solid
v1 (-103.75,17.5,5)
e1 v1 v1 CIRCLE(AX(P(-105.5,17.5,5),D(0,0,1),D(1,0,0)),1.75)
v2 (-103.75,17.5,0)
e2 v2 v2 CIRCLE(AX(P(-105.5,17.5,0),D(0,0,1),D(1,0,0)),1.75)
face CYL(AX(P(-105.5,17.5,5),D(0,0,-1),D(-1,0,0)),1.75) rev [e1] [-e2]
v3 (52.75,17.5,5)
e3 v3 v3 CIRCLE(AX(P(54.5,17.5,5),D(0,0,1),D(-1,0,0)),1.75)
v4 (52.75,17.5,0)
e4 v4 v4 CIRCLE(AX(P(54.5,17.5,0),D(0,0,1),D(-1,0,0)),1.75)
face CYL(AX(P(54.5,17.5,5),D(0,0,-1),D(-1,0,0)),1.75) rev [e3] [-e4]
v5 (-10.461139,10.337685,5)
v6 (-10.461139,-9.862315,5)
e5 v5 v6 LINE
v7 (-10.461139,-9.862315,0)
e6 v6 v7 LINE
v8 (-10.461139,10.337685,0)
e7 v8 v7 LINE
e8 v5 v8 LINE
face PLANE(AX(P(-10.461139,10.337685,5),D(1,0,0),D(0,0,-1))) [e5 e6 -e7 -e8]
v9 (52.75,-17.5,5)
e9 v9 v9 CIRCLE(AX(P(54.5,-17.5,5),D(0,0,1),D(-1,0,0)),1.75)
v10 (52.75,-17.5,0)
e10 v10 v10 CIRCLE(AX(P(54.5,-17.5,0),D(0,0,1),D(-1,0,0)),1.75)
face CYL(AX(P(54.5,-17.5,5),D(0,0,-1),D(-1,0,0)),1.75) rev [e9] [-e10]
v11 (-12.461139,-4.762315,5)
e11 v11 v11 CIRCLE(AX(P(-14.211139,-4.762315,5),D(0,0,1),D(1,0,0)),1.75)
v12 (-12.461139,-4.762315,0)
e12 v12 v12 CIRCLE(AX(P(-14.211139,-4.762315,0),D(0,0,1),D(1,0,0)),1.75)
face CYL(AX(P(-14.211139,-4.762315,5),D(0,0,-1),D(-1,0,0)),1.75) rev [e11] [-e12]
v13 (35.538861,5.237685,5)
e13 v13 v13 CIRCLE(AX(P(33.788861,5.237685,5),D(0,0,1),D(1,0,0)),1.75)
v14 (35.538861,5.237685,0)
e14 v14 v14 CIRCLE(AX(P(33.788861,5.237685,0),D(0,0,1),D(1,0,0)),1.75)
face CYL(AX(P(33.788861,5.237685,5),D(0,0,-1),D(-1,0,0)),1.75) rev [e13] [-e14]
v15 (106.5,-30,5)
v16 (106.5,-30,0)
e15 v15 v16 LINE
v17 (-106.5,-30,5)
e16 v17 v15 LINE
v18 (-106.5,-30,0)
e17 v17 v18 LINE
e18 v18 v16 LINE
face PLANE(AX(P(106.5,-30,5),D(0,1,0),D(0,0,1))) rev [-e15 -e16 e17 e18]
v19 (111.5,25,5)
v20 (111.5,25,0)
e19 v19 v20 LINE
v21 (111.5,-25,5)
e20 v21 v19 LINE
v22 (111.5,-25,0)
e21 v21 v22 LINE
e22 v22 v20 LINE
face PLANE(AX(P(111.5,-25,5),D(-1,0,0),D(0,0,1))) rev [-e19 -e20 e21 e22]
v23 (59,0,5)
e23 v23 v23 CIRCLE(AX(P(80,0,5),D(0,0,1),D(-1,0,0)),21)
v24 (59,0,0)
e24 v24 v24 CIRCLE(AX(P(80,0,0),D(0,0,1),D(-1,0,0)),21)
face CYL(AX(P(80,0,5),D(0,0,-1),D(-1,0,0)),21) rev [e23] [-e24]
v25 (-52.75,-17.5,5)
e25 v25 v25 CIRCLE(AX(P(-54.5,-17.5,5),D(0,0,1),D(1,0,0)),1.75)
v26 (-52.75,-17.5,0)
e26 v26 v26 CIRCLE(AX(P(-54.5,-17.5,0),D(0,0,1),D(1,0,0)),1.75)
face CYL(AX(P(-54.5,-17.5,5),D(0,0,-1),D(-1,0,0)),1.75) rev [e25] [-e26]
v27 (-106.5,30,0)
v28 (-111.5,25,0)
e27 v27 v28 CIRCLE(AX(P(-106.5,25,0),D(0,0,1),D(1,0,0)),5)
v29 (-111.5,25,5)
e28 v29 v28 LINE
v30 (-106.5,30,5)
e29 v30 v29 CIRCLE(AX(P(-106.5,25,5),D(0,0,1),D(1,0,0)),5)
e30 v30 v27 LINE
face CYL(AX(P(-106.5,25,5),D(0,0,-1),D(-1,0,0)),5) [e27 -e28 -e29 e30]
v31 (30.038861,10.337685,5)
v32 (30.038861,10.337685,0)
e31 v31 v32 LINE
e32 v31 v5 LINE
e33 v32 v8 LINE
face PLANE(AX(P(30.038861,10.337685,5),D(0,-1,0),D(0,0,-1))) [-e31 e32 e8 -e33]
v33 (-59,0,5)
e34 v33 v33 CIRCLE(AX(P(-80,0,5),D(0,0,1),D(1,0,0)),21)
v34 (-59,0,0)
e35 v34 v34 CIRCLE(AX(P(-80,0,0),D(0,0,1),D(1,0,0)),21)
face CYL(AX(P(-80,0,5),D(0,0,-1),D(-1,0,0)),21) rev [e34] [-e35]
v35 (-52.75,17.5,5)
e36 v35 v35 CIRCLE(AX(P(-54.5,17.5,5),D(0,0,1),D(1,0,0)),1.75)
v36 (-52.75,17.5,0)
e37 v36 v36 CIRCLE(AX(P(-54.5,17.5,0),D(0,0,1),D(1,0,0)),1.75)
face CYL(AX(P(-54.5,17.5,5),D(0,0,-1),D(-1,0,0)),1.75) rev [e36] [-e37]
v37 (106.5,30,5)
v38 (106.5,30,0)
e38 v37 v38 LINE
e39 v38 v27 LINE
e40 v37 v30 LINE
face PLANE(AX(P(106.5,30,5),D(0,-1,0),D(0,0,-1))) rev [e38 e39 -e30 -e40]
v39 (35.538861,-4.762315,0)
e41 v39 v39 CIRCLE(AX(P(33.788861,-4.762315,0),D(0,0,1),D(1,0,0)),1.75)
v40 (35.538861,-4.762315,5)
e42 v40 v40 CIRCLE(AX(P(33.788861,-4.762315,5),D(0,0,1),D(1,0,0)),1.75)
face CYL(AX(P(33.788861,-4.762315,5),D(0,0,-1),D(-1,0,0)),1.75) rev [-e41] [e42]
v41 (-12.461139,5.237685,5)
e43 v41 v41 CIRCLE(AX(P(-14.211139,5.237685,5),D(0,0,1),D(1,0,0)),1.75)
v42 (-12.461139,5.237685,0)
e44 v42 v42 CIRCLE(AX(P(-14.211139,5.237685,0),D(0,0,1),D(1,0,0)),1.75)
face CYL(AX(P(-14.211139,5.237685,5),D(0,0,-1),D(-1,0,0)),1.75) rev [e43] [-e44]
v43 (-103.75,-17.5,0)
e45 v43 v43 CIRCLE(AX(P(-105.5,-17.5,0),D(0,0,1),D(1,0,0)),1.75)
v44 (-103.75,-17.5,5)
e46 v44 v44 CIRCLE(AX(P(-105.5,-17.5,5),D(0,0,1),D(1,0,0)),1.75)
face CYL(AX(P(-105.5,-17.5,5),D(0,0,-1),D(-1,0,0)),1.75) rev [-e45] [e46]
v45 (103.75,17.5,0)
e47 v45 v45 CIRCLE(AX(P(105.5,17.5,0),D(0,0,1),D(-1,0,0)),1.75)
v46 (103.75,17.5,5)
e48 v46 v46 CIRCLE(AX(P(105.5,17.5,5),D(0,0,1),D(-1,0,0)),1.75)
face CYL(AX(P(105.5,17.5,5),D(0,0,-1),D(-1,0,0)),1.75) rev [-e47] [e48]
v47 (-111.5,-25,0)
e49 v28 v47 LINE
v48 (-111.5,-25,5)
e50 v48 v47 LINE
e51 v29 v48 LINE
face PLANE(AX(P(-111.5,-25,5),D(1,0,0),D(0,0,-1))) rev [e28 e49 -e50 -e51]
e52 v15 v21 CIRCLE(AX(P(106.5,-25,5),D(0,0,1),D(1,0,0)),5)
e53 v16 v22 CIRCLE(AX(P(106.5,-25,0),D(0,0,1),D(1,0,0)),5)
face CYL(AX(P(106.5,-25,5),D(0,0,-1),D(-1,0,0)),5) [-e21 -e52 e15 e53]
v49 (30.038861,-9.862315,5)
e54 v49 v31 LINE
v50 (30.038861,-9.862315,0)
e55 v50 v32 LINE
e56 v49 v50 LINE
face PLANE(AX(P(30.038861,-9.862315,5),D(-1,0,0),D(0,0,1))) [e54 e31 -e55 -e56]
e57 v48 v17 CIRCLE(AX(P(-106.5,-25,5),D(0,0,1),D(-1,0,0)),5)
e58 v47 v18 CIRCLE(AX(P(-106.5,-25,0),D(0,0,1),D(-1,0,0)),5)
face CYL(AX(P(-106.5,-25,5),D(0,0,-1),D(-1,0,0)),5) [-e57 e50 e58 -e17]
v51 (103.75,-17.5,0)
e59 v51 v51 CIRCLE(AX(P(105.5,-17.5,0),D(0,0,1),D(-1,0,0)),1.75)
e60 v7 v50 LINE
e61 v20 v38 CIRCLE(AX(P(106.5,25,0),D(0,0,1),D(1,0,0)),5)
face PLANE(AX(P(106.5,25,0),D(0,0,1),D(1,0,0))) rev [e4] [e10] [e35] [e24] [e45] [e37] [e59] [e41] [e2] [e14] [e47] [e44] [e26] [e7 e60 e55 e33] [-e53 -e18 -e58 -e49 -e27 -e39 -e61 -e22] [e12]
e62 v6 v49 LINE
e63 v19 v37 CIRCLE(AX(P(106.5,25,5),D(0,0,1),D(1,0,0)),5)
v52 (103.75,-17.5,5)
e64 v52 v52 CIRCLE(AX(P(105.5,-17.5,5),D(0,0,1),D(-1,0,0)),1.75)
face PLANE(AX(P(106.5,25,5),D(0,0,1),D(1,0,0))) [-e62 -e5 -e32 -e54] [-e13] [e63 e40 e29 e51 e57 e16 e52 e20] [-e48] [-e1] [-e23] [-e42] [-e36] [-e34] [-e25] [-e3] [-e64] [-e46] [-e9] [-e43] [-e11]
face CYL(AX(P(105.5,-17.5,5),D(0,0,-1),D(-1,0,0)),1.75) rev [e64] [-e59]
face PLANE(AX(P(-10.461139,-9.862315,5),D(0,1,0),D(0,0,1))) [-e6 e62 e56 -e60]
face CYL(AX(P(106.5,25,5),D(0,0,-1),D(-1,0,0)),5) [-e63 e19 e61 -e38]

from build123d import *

# Parameters (mm, degrees)
SKETCH_1_R      = 21
SKETCH_1_R_2    = 1.75
SKETCH_1_W      = 40.5
SKETCH_1_H      = 20.2
EXTRUDE_1_DEPTH = 5


with BuildPart() as part:
    # 草图1 → 凸台-拉伸1 (new body)
    with BuildSketch(Plane.XY):
        with BuildLine():
            Line((106.5, -30), (-106.5, -30))
            ThreePointArc((-106.5, -30), (-110.035533906, -28.535533906), (-111.5, -25))
            Line((-111.5, -25), (-111.5, 25))
            ThreePointArc((-111.5, 25), (-110.035533906, 28.535533906), (-106.5, 30))
            Line((-106.5, 30), (106.5, 30))
            ThreePointArc((106.5, 30), (110.035533906, 28.535533906), (111.5, 25))
            Line((111.5, 25), (111.5, -25))
            ThreePointArc((111.5, -25), (110.035533906, -28.535533906), (106.5, -30))
        make_face()
        with Locations((-80, 0)):
            Circle(SKETCH_1_R, mode=Mode.SUBTRACT)
        with Locations((80, 0)):
            Circle(SKETCH_1_R, mode=Mode.SUBTRACT)
        with Locations((33.788860906, -4.762314657)):
            Circle(SKETCH_1_R_2, mode=Mode.SUBTRACT)
        with Locations((33.788860906, 5.237685343)):
            Circle(SKETCH_1_R_2, mode=Mode.SUBTRACT)
        with Locations((-14.211139094, -4.762314657)):
            Circle(SKETCH_1_R_2, mode=Mode.SUBTRACT)
        with Locations((-14.211139094, 5.237685343)):
            Circle(SKETCH_1_R_2, mode=Mode.SUBTRACT)
        with Locations((-54.5, -17.5)):
            Circle(SKETCH_1_R_2, mode=Mode.SUBTRACT)
        with Locations((-105.5, -17.5)):
            Circle(SKETCH_1_R_2, mode=Mode.SUBTRACT)
        with Locations((-105.5, 17.5)):
            Circle(SKETCH_1_R_2, mode=Mode.SUBTRACT)
        with Locations((-54.5, 17.5)):
            Circle(SKETCH_1_R_2, mode=Mode.SUBTRACT)
        with Locations((54.5, -17.5)):
            Circle(SKETCH_1_R_2, mode=Mode.SUBTRACT)
        with Locations((54.5, 17.5)):
            Circle(SKETCH_1_R_2, mode=Mode.SUBTRACT)
        with Locations((105.5, -17.5)):
            Circle(SKETCH_1_R_2, mode=Mode.SUBTRACT)
        with Locations((105.5, 17.5)):
            Circle(SKETCH_1_R_2, mode=Mode.SUBTRACT)
        with Locations((9.788860906, 0.237685343)):
            Rectangle(SKETCH_1_W, SKETCH_1_H, mode=Mode.SUBTRACT)
    extrude(amount=EXTRUDE_1_DEPTH)


solid = part.part
